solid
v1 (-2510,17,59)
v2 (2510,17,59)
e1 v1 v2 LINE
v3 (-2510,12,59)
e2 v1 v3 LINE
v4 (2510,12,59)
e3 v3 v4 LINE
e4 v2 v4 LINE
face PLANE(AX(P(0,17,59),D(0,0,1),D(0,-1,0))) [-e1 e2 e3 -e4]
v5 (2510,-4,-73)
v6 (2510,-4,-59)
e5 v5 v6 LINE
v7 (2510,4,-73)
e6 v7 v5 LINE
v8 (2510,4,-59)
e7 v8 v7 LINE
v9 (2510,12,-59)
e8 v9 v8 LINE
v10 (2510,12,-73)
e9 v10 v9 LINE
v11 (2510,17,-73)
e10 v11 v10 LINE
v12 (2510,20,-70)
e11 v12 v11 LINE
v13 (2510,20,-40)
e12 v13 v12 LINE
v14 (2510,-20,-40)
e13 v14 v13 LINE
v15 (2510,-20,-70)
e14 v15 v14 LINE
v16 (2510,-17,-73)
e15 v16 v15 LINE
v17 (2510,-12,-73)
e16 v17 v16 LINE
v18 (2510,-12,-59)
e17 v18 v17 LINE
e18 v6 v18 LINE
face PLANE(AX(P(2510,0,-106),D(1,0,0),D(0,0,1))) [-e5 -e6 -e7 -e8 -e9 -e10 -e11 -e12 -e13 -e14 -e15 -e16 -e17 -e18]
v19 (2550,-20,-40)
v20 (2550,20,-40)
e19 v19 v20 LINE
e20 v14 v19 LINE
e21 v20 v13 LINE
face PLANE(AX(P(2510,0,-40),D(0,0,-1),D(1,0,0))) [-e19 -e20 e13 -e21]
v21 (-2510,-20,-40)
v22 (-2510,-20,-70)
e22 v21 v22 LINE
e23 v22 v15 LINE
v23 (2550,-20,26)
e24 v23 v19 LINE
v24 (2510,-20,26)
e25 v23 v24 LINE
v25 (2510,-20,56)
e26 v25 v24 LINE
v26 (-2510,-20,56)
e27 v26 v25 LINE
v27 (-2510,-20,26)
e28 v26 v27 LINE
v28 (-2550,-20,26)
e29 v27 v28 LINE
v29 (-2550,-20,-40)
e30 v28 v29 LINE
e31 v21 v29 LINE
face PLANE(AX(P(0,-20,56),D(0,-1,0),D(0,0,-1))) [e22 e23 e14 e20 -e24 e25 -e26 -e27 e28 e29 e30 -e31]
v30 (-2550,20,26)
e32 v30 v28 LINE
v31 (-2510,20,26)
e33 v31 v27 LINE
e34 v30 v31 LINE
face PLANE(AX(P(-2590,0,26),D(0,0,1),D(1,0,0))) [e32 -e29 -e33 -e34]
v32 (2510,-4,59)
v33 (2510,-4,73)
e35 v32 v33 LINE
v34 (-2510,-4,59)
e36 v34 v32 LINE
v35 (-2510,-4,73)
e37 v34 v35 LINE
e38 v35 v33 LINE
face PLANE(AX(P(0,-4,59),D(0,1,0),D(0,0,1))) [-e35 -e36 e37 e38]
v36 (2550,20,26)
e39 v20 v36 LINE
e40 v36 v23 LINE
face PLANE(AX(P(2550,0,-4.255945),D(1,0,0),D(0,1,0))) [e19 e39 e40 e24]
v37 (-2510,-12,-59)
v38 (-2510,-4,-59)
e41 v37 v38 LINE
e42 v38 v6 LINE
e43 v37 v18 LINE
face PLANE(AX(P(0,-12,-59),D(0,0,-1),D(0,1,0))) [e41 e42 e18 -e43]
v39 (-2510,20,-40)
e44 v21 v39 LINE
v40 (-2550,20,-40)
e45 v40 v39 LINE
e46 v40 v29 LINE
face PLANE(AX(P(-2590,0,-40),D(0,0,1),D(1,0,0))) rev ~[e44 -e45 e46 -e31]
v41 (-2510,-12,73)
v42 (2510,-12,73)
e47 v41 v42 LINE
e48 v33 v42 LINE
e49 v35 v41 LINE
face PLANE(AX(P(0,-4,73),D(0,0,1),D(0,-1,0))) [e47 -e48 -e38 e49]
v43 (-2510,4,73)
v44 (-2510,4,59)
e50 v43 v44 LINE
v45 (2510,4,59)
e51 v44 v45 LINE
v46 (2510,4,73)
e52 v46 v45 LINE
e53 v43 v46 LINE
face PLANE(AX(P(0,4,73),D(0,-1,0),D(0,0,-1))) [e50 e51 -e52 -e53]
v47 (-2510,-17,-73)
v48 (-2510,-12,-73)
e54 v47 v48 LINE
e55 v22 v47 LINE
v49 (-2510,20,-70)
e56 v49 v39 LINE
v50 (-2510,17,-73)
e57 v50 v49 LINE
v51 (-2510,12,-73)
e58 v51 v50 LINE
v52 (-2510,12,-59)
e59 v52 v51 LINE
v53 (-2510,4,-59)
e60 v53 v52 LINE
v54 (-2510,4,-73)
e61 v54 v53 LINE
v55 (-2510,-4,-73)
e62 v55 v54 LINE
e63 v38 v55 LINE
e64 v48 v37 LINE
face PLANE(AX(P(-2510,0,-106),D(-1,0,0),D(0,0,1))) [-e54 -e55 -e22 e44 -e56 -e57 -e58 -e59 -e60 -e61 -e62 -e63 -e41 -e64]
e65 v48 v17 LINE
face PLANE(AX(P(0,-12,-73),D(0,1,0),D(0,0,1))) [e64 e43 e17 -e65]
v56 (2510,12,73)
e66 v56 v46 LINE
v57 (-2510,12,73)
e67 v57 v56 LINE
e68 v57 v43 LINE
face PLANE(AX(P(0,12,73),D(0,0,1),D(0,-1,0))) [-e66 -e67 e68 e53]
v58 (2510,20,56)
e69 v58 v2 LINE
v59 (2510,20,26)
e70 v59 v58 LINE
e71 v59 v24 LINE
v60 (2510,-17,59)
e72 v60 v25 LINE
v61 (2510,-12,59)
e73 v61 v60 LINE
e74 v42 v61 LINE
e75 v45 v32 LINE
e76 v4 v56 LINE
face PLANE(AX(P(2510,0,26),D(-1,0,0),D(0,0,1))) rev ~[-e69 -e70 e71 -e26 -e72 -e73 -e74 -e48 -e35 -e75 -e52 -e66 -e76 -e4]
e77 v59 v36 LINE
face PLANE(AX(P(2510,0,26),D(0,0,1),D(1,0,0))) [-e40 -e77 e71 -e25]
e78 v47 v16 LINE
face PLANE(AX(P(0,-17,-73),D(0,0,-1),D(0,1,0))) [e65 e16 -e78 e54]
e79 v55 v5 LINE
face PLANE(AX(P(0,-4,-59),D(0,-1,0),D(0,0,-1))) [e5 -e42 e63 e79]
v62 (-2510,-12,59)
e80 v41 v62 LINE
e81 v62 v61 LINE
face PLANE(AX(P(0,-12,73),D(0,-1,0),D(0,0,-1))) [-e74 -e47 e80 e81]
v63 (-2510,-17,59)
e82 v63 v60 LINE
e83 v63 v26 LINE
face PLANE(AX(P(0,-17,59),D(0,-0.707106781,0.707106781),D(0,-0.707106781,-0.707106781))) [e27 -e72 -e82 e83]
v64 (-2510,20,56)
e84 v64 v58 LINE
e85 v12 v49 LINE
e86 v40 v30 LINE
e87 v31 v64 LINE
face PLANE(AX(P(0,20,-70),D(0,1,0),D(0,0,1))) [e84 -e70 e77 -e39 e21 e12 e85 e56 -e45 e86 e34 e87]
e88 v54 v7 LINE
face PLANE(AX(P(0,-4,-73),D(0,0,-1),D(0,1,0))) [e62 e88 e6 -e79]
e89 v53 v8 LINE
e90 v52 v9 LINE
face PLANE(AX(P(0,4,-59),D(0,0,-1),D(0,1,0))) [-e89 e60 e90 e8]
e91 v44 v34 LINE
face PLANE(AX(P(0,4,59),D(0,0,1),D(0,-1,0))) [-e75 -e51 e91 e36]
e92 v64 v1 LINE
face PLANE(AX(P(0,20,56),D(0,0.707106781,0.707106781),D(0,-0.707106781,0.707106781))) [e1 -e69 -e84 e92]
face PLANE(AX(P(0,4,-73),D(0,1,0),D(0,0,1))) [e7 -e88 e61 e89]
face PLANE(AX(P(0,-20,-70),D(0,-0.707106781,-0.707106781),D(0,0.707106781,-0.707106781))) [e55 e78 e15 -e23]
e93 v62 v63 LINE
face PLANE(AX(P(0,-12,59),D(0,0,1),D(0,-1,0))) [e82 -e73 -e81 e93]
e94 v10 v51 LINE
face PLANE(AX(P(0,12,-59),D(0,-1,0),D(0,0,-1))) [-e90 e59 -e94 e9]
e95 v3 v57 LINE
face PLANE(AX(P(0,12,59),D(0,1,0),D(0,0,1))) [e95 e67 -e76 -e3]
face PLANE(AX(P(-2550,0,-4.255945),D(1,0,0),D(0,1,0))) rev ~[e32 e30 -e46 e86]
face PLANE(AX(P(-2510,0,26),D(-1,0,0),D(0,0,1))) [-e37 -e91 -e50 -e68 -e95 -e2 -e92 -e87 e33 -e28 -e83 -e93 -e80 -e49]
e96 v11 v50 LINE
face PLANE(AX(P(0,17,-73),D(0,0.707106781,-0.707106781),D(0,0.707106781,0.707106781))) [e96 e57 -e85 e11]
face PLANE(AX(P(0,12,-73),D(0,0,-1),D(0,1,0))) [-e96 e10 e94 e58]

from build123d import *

# Parameters (mm, degrees)
F1_DEPTH = 2550
F2_W     = 80
F2_H     = 66
F3_DEPTH = 50


with BuildPart() as f1:
    # F0 (on Right) → F1 (new body, symmetric)
    with BuildSketch(Plane.YZ):
        Polygon((20, -70), (20, 56), (17, 59), (12, 59), (12, 73), (4, 73), (4, 59), (-4, 59), (-4, 73), (-12, 73), (-12, 59), (-17, 59), (-20, 56), (-20, -70), (-17, -73), (-12, -73), (-12, -59), (-4, -59), (-4, -73), (4, -73), (4, -59), (12, -59), (12, -73), (17, -73), align=None)
    extrude(amount=F1_DEPTH, both=True)

    # F2 (on Front) → F3 (cut, symmetric)
    with BuildSketch(Plane.XZ):
        with Locations((-2550, 59)):
            Rectangle(F2_W, F2_H)
        with Locations((-2550, -73)):
            Rectangle(F2_W, F2_H)
        with Locations((2550, 59)):
            Rectangle(F2_W, F2_H)
        with Locations((2550, -73)):
            Rectangle(F2_W, F2_H)
    extrude(amount=F3_DEPTH, both=True, mode=Mode.SUBTRACT)


solid = f1.part
